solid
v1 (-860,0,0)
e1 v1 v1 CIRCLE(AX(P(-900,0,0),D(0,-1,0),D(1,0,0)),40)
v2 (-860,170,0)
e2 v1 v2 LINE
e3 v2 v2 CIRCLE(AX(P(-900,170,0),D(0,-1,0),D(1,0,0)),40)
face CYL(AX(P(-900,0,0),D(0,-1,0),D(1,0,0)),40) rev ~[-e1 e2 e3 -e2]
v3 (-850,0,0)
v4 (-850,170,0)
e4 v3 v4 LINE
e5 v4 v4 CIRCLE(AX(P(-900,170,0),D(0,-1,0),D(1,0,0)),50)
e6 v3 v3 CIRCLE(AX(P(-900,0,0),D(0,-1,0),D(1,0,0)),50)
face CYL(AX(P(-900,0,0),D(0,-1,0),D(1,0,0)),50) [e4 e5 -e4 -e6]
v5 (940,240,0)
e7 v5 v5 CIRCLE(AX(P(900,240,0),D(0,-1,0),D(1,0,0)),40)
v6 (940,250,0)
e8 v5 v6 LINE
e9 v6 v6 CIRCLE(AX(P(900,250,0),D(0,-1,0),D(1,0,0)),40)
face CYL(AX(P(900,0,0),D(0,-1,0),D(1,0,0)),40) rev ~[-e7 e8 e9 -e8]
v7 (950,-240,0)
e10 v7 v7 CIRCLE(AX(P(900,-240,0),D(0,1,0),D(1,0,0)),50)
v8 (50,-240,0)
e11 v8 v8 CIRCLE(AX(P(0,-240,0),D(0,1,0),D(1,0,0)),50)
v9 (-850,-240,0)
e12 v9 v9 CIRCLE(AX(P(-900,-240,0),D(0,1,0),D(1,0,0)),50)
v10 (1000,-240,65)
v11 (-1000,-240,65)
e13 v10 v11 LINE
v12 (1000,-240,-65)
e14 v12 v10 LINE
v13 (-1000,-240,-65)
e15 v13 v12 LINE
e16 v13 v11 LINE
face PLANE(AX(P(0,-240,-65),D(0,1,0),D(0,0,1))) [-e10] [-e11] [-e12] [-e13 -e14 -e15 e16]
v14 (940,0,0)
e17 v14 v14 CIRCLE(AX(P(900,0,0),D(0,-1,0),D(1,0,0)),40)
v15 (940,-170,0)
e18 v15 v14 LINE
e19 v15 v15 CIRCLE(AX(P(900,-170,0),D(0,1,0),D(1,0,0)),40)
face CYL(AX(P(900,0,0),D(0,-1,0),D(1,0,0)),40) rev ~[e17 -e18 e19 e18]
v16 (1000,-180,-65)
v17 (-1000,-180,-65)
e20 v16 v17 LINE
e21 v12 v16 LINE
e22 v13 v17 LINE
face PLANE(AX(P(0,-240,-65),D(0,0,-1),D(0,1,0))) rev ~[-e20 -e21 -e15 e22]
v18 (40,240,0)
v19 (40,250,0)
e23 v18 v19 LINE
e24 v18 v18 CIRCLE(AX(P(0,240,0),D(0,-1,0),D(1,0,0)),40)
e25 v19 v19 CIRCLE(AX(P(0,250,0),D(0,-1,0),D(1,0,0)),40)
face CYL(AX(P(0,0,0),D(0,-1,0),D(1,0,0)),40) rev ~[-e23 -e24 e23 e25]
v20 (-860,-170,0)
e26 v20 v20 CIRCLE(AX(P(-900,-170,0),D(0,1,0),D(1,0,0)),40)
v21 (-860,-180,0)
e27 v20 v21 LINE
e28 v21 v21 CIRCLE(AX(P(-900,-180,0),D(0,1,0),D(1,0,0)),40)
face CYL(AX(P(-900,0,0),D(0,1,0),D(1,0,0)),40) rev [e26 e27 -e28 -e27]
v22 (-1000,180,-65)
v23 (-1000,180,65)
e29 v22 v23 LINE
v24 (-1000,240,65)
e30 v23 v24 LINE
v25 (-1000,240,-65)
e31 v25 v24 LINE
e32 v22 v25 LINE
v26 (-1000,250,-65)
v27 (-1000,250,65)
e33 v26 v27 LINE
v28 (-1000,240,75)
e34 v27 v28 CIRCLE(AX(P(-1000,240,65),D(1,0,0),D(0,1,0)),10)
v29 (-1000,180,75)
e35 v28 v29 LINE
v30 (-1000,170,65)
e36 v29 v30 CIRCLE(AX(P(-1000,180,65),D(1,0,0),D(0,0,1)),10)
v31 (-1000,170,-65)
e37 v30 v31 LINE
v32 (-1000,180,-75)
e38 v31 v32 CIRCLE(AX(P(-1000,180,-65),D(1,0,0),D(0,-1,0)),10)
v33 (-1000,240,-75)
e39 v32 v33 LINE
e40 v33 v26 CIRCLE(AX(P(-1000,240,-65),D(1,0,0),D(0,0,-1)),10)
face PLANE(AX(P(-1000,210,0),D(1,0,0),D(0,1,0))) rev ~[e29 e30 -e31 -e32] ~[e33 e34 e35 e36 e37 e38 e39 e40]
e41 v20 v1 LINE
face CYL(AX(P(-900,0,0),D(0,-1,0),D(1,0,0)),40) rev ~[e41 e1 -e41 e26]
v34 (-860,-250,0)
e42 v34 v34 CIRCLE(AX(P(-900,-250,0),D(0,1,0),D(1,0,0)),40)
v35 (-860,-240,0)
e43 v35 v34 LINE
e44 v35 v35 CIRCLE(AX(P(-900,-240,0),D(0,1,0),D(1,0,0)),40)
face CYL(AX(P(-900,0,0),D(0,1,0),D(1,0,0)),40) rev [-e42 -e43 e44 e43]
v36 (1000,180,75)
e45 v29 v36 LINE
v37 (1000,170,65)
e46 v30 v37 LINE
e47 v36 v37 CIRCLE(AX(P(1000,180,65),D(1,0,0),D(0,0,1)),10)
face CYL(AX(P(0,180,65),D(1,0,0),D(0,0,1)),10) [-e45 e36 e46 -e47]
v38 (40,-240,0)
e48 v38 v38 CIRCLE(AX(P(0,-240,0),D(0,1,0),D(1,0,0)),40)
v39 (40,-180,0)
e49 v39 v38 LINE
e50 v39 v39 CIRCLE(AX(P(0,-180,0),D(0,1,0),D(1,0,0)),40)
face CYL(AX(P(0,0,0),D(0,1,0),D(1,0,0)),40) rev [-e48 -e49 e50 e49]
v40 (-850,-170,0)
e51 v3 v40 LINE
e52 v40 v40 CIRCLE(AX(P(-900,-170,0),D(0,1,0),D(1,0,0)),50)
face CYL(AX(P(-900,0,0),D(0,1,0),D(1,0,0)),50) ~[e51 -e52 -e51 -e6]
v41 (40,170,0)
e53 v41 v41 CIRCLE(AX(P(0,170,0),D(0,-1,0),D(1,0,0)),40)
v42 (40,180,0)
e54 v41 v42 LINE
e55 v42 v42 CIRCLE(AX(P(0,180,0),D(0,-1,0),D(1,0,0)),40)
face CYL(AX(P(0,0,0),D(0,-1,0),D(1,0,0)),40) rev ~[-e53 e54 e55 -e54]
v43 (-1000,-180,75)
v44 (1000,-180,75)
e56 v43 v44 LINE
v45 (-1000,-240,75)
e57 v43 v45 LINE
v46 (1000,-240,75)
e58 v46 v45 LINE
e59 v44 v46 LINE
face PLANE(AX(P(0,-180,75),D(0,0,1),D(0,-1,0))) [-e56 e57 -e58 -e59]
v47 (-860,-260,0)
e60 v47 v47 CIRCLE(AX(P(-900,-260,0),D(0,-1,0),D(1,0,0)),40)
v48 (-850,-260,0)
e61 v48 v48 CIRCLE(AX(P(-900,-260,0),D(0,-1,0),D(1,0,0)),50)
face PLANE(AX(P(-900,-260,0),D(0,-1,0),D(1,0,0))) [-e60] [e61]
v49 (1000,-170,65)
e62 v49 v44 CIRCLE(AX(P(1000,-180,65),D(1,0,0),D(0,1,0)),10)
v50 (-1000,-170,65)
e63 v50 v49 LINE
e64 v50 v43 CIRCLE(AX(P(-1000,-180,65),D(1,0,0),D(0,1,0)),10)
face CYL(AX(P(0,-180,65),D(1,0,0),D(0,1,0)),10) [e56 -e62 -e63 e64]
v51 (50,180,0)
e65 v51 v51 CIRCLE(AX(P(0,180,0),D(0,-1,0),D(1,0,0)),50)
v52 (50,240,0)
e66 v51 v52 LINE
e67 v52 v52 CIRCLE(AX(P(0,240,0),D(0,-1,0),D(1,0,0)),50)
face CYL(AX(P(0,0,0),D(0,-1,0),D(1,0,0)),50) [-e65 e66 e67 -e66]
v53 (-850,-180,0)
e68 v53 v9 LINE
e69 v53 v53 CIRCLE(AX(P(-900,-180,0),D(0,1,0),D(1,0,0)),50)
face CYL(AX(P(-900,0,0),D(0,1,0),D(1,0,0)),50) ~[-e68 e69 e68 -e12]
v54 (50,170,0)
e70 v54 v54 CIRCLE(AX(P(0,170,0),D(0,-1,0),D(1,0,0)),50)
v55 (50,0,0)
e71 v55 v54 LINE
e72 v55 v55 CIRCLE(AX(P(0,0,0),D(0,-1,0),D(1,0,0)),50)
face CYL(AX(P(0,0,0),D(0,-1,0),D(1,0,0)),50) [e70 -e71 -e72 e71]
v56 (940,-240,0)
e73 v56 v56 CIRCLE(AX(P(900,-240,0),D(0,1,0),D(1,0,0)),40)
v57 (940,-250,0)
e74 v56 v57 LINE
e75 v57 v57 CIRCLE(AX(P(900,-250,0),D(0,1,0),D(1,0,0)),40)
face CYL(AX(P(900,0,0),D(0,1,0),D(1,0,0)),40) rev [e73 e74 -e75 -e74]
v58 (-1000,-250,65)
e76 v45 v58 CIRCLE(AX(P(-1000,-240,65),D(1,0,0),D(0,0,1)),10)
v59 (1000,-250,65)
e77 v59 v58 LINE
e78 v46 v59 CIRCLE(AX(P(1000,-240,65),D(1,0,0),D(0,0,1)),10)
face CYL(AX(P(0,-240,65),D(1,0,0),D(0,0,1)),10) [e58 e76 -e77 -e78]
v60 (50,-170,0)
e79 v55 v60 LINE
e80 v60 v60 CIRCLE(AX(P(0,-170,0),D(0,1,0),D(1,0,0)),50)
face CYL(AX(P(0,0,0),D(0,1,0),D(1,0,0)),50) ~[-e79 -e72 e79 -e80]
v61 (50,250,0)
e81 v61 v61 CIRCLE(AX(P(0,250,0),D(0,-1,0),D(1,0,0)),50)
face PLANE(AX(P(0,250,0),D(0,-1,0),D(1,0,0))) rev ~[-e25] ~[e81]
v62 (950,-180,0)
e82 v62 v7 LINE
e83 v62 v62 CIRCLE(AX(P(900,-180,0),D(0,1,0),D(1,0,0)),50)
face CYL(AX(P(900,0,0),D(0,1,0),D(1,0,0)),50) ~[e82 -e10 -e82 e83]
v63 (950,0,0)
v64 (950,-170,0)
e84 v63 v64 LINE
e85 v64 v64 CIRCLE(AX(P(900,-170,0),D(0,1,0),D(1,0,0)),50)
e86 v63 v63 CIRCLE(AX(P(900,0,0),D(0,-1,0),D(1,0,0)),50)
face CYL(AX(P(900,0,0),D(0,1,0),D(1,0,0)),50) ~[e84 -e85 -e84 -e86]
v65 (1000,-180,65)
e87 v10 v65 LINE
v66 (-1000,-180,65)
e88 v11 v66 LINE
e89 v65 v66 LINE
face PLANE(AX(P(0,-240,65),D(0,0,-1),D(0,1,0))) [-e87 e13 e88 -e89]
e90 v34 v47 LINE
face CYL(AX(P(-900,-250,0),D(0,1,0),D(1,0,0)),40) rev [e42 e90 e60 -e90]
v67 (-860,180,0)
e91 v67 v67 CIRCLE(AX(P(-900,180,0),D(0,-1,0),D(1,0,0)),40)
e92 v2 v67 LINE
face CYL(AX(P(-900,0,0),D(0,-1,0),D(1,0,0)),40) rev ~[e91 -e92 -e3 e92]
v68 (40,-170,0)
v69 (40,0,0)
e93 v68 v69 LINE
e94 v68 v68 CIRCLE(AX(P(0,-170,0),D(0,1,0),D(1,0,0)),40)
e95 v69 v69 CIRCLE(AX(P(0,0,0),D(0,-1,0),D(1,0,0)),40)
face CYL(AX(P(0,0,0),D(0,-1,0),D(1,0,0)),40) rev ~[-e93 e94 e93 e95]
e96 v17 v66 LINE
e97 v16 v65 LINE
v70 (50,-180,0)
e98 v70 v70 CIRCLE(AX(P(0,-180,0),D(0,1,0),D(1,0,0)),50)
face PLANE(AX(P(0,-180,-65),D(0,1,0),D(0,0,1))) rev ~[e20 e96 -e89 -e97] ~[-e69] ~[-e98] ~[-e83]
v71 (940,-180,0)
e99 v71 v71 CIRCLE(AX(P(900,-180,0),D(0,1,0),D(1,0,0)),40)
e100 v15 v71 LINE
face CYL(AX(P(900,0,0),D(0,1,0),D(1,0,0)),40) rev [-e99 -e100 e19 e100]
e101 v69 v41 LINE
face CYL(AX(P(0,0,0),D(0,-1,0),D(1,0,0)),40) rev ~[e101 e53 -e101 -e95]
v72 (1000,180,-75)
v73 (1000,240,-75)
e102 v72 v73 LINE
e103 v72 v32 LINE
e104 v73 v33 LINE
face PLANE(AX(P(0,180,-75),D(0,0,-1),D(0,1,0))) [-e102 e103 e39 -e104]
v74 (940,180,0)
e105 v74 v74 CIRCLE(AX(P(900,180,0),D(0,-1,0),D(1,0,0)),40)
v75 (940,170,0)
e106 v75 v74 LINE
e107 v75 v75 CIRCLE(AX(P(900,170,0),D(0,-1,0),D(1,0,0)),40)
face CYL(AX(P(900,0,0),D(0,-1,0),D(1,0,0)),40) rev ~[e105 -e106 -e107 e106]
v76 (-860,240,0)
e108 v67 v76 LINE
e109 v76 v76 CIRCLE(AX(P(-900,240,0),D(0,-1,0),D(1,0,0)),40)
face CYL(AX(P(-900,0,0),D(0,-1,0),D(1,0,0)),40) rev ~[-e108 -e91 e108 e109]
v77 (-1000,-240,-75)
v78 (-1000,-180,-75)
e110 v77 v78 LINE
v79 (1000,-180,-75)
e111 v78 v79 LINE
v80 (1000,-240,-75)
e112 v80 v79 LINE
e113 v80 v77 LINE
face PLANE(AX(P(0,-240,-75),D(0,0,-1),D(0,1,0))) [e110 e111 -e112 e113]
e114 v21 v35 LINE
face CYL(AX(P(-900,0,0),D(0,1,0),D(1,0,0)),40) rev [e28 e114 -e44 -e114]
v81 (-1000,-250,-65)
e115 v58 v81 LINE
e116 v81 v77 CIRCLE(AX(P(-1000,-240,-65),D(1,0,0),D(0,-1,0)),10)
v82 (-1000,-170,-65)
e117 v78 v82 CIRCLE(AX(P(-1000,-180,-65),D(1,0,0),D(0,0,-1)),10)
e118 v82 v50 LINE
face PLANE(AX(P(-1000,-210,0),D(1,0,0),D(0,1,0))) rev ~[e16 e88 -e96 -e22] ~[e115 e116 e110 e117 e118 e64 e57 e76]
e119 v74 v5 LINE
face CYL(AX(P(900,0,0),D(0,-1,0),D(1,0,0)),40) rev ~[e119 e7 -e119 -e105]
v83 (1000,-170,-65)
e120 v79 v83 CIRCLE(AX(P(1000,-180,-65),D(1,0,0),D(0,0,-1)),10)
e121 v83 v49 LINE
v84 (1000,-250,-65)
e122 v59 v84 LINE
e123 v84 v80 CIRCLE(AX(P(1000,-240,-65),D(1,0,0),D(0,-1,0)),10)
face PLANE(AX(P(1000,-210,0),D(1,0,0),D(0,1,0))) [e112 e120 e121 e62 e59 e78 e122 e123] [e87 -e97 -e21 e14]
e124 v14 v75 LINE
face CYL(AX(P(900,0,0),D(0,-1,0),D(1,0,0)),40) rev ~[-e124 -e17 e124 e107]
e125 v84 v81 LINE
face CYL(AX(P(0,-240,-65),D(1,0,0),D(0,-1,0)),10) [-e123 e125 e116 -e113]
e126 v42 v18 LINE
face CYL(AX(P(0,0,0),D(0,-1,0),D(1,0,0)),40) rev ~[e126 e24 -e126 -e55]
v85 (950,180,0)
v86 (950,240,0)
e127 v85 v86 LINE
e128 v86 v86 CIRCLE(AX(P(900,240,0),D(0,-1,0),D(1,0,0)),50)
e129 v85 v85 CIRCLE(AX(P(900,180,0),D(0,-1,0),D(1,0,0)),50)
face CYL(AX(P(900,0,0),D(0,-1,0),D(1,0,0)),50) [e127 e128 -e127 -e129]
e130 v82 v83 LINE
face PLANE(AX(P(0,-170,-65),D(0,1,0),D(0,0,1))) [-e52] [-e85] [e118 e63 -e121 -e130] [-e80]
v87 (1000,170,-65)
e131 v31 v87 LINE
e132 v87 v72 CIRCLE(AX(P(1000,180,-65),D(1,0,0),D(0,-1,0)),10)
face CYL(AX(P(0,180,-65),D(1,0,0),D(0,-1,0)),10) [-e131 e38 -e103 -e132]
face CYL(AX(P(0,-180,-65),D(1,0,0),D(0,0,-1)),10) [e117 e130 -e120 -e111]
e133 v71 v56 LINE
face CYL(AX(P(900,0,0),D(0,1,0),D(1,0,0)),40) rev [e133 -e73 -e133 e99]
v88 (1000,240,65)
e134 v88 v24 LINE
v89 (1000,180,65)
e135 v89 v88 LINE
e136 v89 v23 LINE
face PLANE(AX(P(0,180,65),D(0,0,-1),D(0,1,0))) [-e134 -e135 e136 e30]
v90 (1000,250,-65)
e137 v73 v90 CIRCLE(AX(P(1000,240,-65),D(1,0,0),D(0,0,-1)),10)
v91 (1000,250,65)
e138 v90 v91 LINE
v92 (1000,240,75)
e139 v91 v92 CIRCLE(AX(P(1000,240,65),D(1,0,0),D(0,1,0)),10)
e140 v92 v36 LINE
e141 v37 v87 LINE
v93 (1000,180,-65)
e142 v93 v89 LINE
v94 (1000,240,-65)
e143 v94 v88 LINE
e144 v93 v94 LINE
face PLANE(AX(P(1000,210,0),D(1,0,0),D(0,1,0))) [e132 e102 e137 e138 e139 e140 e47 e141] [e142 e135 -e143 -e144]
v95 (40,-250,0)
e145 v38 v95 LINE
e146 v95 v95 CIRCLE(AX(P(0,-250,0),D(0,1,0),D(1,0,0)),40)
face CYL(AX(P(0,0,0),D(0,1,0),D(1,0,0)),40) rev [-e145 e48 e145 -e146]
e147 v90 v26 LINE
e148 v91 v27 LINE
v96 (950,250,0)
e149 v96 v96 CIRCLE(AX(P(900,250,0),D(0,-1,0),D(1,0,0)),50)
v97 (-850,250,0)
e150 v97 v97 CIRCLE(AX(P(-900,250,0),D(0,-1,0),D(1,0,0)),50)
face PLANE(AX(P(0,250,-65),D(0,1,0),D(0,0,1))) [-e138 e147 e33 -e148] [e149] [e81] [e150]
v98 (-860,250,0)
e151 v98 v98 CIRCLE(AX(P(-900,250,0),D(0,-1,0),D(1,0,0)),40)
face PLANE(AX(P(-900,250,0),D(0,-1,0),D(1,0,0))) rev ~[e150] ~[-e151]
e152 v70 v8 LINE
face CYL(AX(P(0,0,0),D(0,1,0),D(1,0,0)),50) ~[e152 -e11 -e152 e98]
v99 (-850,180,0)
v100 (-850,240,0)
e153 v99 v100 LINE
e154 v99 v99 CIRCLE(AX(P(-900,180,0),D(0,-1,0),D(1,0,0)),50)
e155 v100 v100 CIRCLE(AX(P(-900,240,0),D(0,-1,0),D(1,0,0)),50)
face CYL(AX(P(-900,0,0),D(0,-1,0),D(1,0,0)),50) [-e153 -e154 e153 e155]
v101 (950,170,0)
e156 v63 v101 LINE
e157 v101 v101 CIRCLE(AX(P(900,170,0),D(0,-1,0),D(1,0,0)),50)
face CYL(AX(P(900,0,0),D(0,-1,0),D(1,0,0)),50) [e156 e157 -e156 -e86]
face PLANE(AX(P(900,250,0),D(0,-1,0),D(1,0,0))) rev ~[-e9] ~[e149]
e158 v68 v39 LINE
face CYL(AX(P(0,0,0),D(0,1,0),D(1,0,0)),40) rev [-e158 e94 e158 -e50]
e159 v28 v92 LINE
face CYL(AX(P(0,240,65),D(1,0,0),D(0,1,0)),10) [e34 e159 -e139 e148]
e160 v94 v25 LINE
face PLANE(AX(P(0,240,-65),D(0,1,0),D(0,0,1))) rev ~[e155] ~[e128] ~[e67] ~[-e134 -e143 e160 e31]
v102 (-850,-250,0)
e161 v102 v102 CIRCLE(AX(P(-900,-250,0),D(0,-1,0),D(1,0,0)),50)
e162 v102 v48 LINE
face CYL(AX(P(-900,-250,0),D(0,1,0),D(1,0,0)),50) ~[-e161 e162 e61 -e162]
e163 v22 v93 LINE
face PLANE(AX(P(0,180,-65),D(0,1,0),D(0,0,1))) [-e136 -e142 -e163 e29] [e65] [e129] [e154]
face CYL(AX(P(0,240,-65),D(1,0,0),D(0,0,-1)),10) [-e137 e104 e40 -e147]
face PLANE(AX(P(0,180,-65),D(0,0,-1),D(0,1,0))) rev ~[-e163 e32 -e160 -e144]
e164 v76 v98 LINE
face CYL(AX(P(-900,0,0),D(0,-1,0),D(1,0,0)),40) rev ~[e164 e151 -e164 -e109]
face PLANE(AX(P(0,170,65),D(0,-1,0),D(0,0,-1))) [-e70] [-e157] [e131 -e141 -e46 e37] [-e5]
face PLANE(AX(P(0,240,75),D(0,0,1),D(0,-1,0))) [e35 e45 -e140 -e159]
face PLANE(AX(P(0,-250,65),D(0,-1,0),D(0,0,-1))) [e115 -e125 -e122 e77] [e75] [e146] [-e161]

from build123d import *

# Parameters (mm, degrees)
F0_W          = 60
F0_H          = 130
F1_DEPTH      = 1000
F2_R          = 50
F2_R_2        = 40
F3_DEPTH      = 250
F3_DEPTH_BACK = 250
F4_DEPTH      = 250.001
F4_DEPTH_BACK = 250.001
F5_START      = 250
F5_DEPTH      = 10


with BuildPart() as f1:
    # F0 (on Right) → F1 (new body, symmetric)
    with BuildSketch(Plane.YZ):
        with BuildLine():
            Line((-240, -75), (-180, -75))
            ThreePointArc((-180, -75), (-172.9289321881, -72.0710678119), (-170, -65))
            Line((-170, -65), (-170, 65))
            ThreePointArc((-170, 65), (-172.9289321881, 72.0710678119), (-180, 75))
            Line((-180, 75), (-240, 75))
            ThreePointArc((-240, 75), (-247.0710678119, 72.0710678119), (-250, 65))
            Line((-250, 65), (-250, -65))
            ThreePointArc((-250, -65), (-247.0710678119, -72.0710678119), (-240, -75))
        make_face()
        with Locations((-210, 0)):
            Rectangle(F0_W, F0_H, mode=Mode.SUBTRACT)
    extrude(amount=F1_DEPTH, both=True)



with BuildPart() as f1b:
    # F0 (on Right) → F1, piece 2 (new body, symmetric)
    with BuildSketch(Plane.YZ):
        with BuildLine():
            ThreePointArc((250, 65), (247.0710678119, 72.0710678119), (240, 75))
            Line((240, 75), (180, 75))
            ThreePointArc((180, 75), (172.9289321881, 72.0710678119), (170, 65))
            Line((170, 65), (170, -65))
            ThreePointArc((170, -65), (172.9289321881, -72.0710678119), (180, -75))
            Line((180, -75), (240, -75))
            ThreePointArc((240, -75), (247.0710678119, -72.0710678119), (250, -65))
            Line((250, -65), (250, 65))
        make_face()
        with Locations((210, 0)):
            Rectangle(F0_W, F0_H, mode=Mode.SUBTRACT)
    extrude(amount=F1_DEPTH, both=True)


with BuildPart() as f1_1:
    add(f1.part)

    add(f1b.part)  # F3 merges F1b
    # F2 (on Front) → F3 (join, two sides)
    with BuildSketch(Plane.XZ) as f3_sk:
        with Locations((900, 0)):
            Circle(F2_R)
        with Locations((900, 0)):
            Circle(F2_R_2, mode=Mode.SUBTRACT)
        Circle(F2_R)
        Circle(F2_R_2, mode=Mode.SUBTRACT)
        with Locations((-900, 0)):
            Circle(F2_R)
        with Locations((-900, 0)):
            Circle(F2_R_2, mode=Mode.SUBTRACT)
    extrude(amount=F3_DEPTH)
    extrude(f3_sk.sketch, amount=-F3_DEPTH_BACK)

    # F2 (on Front) → F4 (cut, two sides)
    with BuildSketch(Plane.XZ) as f4_sk:
        with Locations((900, 0)):
            Circle(F2_R_2)
        Circle(F2_R_2)
        with Locations((-900, 0)):
            Circle(F2_R_2)
    extrude(amount=-F4_DEPTH, mode=Mode.SUBTRACT)
    extrude(f4_sk.sketch, amount=F4_DEPTH_BACK, mode=Mode.SUBTRACT)

    # F2 (on Front) → F5 (join)
    with BuildSketch(Plane.XZ.offset(F5_START)):
        with Locations((-900, 0)):
            Circle(F2_R)
        with Locations((-900, 0)):
            Circle(F2_R_2, mode=Mode.SUBTRACT)
    extrude(amount=F5_DEPTH)


solid = f1_1.part
